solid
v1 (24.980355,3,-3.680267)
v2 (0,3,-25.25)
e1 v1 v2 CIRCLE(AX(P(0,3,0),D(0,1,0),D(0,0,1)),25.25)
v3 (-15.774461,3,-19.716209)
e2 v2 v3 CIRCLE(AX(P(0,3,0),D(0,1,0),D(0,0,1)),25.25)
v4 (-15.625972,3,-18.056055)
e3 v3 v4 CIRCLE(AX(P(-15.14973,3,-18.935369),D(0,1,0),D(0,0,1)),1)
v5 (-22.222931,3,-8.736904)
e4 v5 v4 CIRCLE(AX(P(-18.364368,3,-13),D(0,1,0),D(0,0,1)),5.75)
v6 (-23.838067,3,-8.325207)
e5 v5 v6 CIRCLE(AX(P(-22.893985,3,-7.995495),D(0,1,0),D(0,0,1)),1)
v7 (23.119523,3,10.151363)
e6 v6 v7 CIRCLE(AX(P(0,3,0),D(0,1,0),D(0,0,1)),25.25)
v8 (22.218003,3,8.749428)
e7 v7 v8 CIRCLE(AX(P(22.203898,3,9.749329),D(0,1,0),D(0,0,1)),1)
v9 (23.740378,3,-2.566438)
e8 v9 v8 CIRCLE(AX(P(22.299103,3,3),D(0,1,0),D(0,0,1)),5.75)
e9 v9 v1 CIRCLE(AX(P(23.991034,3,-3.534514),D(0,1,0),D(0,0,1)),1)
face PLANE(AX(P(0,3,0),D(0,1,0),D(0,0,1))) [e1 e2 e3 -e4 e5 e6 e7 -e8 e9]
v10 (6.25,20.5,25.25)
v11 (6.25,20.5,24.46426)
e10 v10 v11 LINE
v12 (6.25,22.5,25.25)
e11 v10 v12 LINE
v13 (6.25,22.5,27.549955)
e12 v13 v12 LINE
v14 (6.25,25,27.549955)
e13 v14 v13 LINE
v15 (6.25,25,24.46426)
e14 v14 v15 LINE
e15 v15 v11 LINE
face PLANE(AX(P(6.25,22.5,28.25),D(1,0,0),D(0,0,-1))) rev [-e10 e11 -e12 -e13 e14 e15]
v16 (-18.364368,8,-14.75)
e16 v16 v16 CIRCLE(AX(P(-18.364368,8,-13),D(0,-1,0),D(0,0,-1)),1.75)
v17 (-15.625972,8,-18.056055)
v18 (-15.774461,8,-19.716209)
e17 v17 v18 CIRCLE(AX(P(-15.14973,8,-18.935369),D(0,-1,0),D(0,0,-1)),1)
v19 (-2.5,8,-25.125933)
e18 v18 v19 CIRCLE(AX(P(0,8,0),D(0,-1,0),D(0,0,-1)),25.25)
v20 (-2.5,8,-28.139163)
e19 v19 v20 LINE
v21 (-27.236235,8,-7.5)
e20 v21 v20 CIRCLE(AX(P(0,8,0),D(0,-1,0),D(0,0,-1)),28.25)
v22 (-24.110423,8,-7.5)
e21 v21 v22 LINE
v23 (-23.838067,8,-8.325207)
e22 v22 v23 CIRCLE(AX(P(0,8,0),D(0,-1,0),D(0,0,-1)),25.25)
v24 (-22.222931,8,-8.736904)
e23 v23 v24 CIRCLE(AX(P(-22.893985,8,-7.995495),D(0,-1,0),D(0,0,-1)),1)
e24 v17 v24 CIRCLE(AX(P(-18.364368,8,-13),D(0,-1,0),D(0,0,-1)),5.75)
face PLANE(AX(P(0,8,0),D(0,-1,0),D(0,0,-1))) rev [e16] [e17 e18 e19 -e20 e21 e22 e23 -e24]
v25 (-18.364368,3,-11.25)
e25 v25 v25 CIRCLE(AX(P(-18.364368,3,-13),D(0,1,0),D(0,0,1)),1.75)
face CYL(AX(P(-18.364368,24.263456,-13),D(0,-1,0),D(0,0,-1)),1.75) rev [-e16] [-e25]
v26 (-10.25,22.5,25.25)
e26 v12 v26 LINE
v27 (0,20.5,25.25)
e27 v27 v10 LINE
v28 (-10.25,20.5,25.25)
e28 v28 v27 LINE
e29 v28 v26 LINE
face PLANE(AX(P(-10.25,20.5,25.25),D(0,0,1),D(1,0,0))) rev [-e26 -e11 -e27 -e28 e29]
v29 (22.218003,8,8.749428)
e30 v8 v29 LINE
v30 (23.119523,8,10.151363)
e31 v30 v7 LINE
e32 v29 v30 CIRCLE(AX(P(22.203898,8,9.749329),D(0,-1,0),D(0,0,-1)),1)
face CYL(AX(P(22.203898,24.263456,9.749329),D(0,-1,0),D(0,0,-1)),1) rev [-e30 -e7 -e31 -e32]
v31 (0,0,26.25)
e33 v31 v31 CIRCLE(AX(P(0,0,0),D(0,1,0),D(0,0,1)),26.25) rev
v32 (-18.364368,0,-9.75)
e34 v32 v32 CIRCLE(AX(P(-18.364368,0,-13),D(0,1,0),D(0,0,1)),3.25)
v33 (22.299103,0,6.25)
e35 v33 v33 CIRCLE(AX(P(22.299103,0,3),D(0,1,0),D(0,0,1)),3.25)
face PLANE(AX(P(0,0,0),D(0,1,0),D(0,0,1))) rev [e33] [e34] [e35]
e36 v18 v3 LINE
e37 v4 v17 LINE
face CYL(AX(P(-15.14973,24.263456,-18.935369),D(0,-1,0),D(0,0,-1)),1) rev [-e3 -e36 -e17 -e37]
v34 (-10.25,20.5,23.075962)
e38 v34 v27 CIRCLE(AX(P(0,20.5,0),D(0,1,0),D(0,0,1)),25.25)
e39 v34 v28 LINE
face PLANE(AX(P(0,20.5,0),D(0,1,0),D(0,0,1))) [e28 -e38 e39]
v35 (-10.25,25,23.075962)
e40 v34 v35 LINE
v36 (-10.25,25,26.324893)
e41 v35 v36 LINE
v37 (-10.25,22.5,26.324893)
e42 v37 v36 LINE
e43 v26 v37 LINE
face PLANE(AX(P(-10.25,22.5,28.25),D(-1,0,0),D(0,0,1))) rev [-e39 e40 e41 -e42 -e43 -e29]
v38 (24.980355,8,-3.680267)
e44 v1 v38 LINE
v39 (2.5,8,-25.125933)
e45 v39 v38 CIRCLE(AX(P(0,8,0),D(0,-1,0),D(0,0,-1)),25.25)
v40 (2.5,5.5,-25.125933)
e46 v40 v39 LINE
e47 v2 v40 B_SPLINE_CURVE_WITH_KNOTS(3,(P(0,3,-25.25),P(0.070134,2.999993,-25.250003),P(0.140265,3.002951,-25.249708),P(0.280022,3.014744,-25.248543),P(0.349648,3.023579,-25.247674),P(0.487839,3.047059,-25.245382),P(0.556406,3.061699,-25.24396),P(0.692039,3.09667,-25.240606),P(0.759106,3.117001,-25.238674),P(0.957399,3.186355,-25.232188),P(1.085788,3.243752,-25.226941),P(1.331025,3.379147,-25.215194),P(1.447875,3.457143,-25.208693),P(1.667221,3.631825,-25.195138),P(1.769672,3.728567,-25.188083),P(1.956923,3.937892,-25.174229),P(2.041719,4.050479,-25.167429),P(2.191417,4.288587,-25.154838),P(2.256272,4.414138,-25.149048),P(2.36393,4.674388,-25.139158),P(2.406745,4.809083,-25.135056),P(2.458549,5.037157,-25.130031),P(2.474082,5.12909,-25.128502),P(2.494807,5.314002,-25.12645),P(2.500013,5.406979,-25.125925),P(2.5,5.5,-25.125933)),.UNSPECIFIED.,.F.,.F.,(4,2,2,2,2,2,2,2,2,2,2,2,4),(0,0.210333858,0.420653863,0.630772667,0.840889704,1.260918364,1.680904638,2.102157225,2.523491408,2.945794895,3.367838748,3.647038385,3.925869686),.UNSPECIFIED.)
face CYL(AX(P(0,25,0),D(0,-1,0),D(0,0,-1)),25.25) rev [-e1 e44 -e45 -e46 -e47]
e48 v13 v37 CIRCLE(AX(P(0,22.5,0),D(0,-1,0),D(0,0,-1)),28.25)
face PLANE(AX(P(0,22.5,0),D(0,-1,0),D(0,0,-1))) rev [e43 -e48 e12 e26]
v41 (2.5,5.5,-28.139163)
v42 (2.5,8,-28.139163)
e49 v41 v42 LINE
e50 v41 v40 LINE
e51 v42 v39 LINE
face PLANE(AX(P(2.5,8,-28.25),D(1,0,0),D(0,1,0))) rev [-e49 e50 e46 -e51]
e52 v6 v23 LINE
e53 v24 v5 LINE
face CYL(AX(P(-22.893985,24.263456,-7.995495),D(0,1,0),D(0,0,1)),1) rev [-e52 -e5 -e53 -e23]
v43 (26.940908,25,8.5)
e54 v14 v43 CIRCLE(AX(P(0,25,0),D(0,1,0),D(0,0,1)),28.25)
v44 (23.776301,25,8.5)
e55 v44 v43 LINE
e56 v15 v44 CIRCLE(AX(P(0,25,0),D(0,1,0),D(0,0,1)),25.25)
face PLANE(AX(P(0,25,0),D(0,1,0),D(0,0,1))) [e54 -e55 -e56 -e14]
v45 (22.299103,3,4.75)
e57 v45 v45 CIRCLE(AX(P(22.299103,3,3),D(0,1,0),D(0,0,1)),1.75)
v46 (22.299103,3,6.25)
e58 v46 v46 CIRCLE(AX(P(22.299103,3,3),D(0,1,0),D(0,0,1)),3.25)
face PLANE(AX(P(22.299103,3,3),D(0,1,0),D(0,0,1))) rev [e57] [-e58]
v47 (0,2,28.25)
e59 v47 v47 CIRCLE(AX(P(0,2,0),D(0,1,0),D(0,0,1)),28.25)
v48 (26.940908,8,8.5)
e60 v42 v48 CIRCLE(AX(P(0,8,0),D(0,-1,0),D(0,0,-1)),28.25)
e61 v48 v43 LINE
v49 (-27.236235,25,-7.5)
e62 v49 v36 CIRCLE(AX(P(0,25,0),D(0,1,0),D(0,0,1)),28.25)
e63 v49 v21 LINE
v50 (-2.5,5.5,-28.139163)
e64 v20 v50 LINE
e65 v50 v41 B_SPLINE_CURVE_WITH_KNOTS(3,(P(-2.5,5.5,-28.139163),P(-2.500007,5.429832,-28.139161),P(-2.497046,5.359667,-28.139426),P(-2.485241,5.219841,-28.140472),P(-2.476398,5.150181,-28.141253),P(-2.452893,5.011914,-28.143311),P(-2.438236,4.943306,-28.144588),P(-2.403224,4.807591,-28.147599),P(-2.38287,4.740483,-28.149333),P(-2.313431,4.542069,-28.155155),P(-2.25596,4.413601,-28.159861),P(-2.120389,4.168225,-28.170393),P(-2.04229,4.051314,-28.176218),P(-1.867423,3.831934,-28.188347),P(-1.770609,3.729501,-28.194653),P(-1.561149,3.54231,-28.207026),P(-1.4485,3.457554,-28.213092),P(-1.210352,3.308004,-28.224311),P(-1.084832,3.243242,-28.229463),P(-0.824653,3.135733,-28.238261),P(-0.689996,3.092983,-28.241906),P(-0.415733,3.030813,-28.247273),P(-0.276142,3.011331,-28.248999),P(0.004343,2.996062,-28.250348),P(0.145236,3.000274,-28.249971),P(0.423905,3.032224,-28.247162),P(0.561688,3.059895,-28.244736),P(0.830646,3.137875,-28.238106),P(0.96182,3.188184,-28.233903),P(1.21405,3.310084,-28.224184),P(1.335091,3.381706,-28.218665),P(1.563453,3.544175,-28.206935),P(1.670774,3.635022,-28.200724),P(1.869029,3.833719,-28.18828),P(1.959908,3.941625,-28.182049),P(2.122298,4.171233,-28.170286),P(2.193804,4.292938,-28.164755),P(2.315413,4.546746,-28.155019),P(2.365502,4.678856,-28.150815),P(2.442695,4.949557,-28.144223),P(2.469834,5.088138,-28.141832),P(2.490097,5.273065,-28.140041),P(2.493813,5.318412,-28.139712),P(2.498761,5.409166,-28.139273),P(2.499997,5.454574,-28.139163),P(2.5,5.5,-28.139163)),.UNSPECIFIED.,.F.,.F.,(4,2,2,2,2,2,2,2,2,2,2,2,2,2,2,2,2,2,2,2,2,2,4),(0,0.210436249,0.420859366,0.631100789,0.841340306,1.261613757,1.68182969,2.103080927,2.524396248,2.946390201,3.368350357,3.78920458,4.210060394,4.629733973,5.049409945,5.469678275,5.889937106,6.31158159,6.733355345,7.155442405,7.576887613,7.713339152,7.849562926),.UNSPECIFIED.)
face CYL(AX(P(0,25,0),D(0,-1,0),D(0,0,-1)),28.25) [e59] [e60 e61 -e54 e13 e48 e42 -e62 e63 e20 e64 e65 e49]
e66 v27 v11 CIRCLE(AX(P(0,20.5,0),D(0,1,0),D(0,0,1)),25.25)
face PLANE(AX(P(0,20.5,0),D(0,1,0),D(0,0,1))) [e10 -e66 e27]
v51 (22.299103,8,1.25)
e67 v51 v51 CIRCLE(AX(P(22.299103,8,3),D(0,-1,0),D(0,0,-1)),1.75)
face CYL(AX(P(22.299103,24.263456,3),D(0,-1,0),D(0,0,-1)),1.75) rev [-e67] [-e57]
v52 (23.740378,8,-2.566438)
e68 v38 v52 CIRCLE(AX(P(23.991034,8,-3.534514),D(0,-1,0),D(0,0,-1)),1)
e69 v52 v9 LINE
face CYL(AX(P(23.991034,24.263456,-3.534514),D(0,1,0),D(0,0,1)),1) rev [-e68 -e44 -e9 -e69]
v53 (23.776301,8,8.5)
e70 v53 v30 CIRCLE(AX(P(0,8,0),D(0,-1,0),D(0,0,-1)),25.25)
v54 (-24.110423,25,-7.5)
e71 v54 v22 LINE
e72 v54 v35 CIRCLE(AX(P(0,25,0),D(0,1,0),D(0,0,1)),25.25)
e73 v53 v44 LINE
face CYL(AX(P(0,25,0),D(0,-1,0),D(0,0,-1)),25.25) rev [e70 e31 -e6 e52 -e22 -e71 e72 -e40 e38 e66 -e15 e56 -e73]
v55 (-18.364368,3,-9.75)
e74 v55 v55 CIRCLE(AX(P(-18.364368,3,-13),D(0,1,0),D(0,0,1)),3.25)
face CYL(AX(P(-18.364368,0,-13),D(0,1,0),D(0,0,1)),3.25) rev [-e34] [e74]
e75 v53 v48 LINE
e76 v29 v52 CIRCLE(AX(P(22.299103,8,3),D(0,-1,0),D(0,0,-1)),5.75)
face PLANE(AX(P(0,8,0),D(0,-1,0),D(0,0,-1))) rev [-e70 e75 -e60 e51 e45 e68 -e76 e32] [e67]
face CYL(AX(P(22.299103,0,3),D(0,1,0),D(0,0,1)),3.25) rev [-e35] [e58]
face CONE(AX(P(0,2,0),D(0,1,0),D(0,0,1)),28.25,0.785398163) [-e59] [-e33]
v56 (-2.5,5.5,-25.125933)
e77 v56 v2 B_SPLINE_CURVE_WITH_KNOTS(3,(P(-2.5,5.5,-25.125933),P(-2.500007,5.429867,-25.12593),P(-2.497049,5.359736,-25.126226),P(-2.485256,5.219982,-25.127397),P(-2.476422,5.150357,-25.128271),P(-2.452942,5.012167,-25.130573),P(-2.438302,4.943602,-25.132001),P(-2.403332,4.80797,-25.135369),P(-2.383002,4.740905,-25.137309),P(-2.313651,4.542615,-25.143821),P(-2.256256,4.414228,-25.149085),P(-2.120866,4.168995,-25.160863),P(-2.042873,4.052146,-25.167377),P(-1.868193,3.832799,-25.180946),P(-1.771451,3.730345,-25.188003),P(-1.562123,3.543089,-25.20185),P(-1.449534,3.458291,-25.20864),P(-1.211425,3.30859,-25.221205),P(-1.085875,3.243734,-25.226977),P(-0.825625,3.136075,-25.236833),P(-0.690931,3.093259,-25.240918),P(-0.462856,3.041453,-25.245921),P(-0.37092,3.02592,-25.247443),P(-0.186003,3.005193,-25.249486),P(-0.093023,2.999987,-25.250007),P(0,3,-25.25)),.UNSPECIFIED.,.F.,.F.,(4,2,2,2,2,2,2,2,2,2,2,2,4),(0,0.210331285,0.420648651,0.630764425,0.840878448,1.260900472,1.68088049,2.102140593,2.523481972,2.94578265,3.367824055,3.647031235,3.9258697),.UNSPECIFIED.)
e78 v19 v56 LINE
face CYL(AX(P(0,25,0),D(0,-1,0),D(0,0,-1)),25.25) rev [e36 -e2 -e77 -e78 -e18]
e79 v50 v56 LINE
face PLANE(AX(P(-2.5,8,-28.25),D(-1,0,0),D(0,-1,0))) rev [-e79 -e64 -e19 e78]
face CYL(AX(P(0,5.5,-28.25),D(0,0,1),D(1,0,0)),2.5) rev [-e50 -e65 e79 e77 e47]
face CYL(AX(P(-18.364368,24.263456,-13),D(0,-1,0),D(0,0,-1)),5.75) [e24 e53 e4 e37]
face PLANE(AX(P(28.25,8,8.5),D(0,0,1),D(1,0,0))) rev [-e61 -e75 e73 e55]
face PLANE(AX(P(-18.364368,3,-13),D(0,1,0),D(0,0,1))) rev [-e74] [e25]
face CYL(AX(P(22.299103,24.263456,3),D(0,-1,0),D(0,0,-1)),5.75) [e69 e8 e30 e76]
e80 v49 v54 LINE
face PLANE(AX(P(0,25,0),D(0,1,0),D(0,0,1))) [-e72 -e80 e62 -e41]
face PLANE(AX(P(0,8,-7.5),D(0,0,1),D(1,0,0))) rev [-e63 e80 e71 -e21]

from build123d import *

# Parameters (mm, degrees)
SKETCH1_R           = 28.25
BOSS_EXTRUDE1_DEPTH = 25
SHELL1_T            = -3
CUT_EXTRUDE1_DEPTH  = 17
SKETCH3_W           = 16.5
SKETCH3_H           = 5.174038482
CUT_EXTRUDE2_DEPTH  = 2.5
CUT_EXTRUDE3_DEPTH  = 48.128812843
SKETCH6_R           = 3.25
CUT_EXTRUDE4_DEPTH  = 46.608387559
SKETCH7_R           = 5.75
SKETCH7_R_2         = 1.75
BOSS_EXTRUDE2_DEPTH = 5
FILLET1_R           = 1
CHAMFER1_SIZE       = 2
SKETCH8_W           = 16.5
SKETCH8_H           = 2.174038482
CUT_EXTRUDE5_DEPTH  = 2


with BuildPart() as part:
    # Sketch1 → Boss-Extrude1 (new body)
    with BuildSketch(Plane(origin=(0, 0, 0), x_dir=(1, 0, 0), z_dir=(0, 1, 0))):
        with Locations(Location((0, 0, 0), (0, 0, 270))):
            Circle(SKETCH1_R)
    extrude(amount=BOSS_EXTRUDE1_DEPTH)

    # Shell1
    shell1_openings = [part.faces().sort_by_distance(p)[0] for p in [
        (0, 25, 0),
    ]]
    offset(amount=SHELL1_T, openings=shell1_openings, kind=Kind.INTERSECTION)

    # Sketch2 → Cut-Extrude1 (cut)
    with BuildSketch(Plane(origin=(0, 25, 0), x_dir=(1, 0, 0), z_dir=(0, 1, 0))):
        Polygon((0, 7.5), (-28.25, 7.5), (-28.25, 28.25), (28.25, 28.25), (28.25, -8.5), (0, -8.5), align=None)
    extrude(amount=-CUT_EXTRUDE1_DEPTH, mode=Mode.SUBTRACT)

    # Sketch3 → Cut-Extrude2 (cut)
    with BuildSketch(Plane(origin=(0, 25, 0), x_dir=(1, 0, 0), z_dir=(0, 1, 0))):
        with Locations((-2, -25.662980759)):
            Rectangle(SKETCH3_W, SKETCH3_H)
    extrude(amount=-CUT_EXTRUDE2_DEPTH, mode=Mode.SUBTRACT)

    # Sketch5 → Cut-Extrude3 (cut, through all)
    with BuildSketch(Plane.XY):
        with BuildLine():
            Line((2.5, 8), (2.5, 5.5))
            ThreePointArc((2.5, 5.5), (1.767766953, 3.732233047), (0, 3))
            ThreePointArc((0, 3), (-1.767766953, 3.732233047), (-2.5, 5.5))
            Line((-2.5, 5.5), (-2.5, 8))
            Line((-2.5, 8), (2.5, 8))
        make_face()
    extrude(amount=-CUT_EXTRUDE3_DEPTH, mode=Mode.SUBTRACT)

    # Sketch6 → Cut-Extrude4 (cut, through all)
    with BuildSketch(Plane(origin=(0, 3, 0), x_dir=(1, 0, 0), z_dir=(0, 1, 0))):
        with Locations(Location((-18.364367672, 13, 0), (0, 0, 270))):
            Circle(SKETCH6_R)
        with Locations(Location((22.299103121, -3, 0), (0, 0, 270))):
            Circle(SKETCH6_R)
    extrude(amount=-CUT_EXTRUDE4_DEPTH, mode=Mode.SUBTRACT)

    # Sketch7 → Boss-Extrude2 (add)
    # profile 1 of 2: a face of its own
    with BuildSketch(Plane(origin=(0, 3, 0), x_dir=(1, 0, 0), z_dir=(0, 1, 0))):
        with Locations((-18.364367672, 13)):
            Circle(SKETCH7_R)
        with Locations(Location((-18.364367672, 13, 0), (0, 0, 90))):
            Circle(SKETCH7_R_2, mode=Mode.SUBTRACT)
    # profile 2 of 2: a face of its own
    with BuildSketch(Plane(origin=(0, 3, 0), x_dir=(1, 0, 0), z_dir=(0, 1, 0))):
        with Locations((22.299103121, -3)):
            Circle(SKETCH7_R)
        with Locations(Location((22.299103121, -3, 0), (0, 0, 90))):
            Circle(SKETCH7_R_2, mode=Mode.SUBTRACT)
    extrude(amount=BOSS_EXTRUDE2_DEPTH)

    # Fillet1
    fillet1_edges = [part.edges().sort_by_distance(p)[0] for p in [
        (-23.219797584, 5.5, -9.919853839),
        (-17.072985413, 5.5, -18.603109124),
        (23.753694458, 5.5, 8.56297259),
        (25.172189575, 5.5, -1.980750368),
    ]]
    fillet(fillet1_edges, radius=FILLET1_R)

    # Chamfer1
    chamfer1_edges = [part.edges().sort_by_distance(p)[0] for p in [
        (0, 0, -28.25),
    ]]
    chamfer(chamfer1_edges, length=CHAMFER1_SIZE)

    # Sketch8 → Cut-Extrude5 (cut)
    with BuildSketch(Plane(origin=(0, 22.5, 0), x_dir=(1, 0, 0), z_dir=(0, 1, 0))):
        with Locations((-2, -24.162980759)):
            Rectangle(SKETCH8_W, SKETCH8_H)
    extrude(amount=-CUT_EXTRUDE5_DEPTH, mode=Mode.SUBTRACT)


solid = part.part
